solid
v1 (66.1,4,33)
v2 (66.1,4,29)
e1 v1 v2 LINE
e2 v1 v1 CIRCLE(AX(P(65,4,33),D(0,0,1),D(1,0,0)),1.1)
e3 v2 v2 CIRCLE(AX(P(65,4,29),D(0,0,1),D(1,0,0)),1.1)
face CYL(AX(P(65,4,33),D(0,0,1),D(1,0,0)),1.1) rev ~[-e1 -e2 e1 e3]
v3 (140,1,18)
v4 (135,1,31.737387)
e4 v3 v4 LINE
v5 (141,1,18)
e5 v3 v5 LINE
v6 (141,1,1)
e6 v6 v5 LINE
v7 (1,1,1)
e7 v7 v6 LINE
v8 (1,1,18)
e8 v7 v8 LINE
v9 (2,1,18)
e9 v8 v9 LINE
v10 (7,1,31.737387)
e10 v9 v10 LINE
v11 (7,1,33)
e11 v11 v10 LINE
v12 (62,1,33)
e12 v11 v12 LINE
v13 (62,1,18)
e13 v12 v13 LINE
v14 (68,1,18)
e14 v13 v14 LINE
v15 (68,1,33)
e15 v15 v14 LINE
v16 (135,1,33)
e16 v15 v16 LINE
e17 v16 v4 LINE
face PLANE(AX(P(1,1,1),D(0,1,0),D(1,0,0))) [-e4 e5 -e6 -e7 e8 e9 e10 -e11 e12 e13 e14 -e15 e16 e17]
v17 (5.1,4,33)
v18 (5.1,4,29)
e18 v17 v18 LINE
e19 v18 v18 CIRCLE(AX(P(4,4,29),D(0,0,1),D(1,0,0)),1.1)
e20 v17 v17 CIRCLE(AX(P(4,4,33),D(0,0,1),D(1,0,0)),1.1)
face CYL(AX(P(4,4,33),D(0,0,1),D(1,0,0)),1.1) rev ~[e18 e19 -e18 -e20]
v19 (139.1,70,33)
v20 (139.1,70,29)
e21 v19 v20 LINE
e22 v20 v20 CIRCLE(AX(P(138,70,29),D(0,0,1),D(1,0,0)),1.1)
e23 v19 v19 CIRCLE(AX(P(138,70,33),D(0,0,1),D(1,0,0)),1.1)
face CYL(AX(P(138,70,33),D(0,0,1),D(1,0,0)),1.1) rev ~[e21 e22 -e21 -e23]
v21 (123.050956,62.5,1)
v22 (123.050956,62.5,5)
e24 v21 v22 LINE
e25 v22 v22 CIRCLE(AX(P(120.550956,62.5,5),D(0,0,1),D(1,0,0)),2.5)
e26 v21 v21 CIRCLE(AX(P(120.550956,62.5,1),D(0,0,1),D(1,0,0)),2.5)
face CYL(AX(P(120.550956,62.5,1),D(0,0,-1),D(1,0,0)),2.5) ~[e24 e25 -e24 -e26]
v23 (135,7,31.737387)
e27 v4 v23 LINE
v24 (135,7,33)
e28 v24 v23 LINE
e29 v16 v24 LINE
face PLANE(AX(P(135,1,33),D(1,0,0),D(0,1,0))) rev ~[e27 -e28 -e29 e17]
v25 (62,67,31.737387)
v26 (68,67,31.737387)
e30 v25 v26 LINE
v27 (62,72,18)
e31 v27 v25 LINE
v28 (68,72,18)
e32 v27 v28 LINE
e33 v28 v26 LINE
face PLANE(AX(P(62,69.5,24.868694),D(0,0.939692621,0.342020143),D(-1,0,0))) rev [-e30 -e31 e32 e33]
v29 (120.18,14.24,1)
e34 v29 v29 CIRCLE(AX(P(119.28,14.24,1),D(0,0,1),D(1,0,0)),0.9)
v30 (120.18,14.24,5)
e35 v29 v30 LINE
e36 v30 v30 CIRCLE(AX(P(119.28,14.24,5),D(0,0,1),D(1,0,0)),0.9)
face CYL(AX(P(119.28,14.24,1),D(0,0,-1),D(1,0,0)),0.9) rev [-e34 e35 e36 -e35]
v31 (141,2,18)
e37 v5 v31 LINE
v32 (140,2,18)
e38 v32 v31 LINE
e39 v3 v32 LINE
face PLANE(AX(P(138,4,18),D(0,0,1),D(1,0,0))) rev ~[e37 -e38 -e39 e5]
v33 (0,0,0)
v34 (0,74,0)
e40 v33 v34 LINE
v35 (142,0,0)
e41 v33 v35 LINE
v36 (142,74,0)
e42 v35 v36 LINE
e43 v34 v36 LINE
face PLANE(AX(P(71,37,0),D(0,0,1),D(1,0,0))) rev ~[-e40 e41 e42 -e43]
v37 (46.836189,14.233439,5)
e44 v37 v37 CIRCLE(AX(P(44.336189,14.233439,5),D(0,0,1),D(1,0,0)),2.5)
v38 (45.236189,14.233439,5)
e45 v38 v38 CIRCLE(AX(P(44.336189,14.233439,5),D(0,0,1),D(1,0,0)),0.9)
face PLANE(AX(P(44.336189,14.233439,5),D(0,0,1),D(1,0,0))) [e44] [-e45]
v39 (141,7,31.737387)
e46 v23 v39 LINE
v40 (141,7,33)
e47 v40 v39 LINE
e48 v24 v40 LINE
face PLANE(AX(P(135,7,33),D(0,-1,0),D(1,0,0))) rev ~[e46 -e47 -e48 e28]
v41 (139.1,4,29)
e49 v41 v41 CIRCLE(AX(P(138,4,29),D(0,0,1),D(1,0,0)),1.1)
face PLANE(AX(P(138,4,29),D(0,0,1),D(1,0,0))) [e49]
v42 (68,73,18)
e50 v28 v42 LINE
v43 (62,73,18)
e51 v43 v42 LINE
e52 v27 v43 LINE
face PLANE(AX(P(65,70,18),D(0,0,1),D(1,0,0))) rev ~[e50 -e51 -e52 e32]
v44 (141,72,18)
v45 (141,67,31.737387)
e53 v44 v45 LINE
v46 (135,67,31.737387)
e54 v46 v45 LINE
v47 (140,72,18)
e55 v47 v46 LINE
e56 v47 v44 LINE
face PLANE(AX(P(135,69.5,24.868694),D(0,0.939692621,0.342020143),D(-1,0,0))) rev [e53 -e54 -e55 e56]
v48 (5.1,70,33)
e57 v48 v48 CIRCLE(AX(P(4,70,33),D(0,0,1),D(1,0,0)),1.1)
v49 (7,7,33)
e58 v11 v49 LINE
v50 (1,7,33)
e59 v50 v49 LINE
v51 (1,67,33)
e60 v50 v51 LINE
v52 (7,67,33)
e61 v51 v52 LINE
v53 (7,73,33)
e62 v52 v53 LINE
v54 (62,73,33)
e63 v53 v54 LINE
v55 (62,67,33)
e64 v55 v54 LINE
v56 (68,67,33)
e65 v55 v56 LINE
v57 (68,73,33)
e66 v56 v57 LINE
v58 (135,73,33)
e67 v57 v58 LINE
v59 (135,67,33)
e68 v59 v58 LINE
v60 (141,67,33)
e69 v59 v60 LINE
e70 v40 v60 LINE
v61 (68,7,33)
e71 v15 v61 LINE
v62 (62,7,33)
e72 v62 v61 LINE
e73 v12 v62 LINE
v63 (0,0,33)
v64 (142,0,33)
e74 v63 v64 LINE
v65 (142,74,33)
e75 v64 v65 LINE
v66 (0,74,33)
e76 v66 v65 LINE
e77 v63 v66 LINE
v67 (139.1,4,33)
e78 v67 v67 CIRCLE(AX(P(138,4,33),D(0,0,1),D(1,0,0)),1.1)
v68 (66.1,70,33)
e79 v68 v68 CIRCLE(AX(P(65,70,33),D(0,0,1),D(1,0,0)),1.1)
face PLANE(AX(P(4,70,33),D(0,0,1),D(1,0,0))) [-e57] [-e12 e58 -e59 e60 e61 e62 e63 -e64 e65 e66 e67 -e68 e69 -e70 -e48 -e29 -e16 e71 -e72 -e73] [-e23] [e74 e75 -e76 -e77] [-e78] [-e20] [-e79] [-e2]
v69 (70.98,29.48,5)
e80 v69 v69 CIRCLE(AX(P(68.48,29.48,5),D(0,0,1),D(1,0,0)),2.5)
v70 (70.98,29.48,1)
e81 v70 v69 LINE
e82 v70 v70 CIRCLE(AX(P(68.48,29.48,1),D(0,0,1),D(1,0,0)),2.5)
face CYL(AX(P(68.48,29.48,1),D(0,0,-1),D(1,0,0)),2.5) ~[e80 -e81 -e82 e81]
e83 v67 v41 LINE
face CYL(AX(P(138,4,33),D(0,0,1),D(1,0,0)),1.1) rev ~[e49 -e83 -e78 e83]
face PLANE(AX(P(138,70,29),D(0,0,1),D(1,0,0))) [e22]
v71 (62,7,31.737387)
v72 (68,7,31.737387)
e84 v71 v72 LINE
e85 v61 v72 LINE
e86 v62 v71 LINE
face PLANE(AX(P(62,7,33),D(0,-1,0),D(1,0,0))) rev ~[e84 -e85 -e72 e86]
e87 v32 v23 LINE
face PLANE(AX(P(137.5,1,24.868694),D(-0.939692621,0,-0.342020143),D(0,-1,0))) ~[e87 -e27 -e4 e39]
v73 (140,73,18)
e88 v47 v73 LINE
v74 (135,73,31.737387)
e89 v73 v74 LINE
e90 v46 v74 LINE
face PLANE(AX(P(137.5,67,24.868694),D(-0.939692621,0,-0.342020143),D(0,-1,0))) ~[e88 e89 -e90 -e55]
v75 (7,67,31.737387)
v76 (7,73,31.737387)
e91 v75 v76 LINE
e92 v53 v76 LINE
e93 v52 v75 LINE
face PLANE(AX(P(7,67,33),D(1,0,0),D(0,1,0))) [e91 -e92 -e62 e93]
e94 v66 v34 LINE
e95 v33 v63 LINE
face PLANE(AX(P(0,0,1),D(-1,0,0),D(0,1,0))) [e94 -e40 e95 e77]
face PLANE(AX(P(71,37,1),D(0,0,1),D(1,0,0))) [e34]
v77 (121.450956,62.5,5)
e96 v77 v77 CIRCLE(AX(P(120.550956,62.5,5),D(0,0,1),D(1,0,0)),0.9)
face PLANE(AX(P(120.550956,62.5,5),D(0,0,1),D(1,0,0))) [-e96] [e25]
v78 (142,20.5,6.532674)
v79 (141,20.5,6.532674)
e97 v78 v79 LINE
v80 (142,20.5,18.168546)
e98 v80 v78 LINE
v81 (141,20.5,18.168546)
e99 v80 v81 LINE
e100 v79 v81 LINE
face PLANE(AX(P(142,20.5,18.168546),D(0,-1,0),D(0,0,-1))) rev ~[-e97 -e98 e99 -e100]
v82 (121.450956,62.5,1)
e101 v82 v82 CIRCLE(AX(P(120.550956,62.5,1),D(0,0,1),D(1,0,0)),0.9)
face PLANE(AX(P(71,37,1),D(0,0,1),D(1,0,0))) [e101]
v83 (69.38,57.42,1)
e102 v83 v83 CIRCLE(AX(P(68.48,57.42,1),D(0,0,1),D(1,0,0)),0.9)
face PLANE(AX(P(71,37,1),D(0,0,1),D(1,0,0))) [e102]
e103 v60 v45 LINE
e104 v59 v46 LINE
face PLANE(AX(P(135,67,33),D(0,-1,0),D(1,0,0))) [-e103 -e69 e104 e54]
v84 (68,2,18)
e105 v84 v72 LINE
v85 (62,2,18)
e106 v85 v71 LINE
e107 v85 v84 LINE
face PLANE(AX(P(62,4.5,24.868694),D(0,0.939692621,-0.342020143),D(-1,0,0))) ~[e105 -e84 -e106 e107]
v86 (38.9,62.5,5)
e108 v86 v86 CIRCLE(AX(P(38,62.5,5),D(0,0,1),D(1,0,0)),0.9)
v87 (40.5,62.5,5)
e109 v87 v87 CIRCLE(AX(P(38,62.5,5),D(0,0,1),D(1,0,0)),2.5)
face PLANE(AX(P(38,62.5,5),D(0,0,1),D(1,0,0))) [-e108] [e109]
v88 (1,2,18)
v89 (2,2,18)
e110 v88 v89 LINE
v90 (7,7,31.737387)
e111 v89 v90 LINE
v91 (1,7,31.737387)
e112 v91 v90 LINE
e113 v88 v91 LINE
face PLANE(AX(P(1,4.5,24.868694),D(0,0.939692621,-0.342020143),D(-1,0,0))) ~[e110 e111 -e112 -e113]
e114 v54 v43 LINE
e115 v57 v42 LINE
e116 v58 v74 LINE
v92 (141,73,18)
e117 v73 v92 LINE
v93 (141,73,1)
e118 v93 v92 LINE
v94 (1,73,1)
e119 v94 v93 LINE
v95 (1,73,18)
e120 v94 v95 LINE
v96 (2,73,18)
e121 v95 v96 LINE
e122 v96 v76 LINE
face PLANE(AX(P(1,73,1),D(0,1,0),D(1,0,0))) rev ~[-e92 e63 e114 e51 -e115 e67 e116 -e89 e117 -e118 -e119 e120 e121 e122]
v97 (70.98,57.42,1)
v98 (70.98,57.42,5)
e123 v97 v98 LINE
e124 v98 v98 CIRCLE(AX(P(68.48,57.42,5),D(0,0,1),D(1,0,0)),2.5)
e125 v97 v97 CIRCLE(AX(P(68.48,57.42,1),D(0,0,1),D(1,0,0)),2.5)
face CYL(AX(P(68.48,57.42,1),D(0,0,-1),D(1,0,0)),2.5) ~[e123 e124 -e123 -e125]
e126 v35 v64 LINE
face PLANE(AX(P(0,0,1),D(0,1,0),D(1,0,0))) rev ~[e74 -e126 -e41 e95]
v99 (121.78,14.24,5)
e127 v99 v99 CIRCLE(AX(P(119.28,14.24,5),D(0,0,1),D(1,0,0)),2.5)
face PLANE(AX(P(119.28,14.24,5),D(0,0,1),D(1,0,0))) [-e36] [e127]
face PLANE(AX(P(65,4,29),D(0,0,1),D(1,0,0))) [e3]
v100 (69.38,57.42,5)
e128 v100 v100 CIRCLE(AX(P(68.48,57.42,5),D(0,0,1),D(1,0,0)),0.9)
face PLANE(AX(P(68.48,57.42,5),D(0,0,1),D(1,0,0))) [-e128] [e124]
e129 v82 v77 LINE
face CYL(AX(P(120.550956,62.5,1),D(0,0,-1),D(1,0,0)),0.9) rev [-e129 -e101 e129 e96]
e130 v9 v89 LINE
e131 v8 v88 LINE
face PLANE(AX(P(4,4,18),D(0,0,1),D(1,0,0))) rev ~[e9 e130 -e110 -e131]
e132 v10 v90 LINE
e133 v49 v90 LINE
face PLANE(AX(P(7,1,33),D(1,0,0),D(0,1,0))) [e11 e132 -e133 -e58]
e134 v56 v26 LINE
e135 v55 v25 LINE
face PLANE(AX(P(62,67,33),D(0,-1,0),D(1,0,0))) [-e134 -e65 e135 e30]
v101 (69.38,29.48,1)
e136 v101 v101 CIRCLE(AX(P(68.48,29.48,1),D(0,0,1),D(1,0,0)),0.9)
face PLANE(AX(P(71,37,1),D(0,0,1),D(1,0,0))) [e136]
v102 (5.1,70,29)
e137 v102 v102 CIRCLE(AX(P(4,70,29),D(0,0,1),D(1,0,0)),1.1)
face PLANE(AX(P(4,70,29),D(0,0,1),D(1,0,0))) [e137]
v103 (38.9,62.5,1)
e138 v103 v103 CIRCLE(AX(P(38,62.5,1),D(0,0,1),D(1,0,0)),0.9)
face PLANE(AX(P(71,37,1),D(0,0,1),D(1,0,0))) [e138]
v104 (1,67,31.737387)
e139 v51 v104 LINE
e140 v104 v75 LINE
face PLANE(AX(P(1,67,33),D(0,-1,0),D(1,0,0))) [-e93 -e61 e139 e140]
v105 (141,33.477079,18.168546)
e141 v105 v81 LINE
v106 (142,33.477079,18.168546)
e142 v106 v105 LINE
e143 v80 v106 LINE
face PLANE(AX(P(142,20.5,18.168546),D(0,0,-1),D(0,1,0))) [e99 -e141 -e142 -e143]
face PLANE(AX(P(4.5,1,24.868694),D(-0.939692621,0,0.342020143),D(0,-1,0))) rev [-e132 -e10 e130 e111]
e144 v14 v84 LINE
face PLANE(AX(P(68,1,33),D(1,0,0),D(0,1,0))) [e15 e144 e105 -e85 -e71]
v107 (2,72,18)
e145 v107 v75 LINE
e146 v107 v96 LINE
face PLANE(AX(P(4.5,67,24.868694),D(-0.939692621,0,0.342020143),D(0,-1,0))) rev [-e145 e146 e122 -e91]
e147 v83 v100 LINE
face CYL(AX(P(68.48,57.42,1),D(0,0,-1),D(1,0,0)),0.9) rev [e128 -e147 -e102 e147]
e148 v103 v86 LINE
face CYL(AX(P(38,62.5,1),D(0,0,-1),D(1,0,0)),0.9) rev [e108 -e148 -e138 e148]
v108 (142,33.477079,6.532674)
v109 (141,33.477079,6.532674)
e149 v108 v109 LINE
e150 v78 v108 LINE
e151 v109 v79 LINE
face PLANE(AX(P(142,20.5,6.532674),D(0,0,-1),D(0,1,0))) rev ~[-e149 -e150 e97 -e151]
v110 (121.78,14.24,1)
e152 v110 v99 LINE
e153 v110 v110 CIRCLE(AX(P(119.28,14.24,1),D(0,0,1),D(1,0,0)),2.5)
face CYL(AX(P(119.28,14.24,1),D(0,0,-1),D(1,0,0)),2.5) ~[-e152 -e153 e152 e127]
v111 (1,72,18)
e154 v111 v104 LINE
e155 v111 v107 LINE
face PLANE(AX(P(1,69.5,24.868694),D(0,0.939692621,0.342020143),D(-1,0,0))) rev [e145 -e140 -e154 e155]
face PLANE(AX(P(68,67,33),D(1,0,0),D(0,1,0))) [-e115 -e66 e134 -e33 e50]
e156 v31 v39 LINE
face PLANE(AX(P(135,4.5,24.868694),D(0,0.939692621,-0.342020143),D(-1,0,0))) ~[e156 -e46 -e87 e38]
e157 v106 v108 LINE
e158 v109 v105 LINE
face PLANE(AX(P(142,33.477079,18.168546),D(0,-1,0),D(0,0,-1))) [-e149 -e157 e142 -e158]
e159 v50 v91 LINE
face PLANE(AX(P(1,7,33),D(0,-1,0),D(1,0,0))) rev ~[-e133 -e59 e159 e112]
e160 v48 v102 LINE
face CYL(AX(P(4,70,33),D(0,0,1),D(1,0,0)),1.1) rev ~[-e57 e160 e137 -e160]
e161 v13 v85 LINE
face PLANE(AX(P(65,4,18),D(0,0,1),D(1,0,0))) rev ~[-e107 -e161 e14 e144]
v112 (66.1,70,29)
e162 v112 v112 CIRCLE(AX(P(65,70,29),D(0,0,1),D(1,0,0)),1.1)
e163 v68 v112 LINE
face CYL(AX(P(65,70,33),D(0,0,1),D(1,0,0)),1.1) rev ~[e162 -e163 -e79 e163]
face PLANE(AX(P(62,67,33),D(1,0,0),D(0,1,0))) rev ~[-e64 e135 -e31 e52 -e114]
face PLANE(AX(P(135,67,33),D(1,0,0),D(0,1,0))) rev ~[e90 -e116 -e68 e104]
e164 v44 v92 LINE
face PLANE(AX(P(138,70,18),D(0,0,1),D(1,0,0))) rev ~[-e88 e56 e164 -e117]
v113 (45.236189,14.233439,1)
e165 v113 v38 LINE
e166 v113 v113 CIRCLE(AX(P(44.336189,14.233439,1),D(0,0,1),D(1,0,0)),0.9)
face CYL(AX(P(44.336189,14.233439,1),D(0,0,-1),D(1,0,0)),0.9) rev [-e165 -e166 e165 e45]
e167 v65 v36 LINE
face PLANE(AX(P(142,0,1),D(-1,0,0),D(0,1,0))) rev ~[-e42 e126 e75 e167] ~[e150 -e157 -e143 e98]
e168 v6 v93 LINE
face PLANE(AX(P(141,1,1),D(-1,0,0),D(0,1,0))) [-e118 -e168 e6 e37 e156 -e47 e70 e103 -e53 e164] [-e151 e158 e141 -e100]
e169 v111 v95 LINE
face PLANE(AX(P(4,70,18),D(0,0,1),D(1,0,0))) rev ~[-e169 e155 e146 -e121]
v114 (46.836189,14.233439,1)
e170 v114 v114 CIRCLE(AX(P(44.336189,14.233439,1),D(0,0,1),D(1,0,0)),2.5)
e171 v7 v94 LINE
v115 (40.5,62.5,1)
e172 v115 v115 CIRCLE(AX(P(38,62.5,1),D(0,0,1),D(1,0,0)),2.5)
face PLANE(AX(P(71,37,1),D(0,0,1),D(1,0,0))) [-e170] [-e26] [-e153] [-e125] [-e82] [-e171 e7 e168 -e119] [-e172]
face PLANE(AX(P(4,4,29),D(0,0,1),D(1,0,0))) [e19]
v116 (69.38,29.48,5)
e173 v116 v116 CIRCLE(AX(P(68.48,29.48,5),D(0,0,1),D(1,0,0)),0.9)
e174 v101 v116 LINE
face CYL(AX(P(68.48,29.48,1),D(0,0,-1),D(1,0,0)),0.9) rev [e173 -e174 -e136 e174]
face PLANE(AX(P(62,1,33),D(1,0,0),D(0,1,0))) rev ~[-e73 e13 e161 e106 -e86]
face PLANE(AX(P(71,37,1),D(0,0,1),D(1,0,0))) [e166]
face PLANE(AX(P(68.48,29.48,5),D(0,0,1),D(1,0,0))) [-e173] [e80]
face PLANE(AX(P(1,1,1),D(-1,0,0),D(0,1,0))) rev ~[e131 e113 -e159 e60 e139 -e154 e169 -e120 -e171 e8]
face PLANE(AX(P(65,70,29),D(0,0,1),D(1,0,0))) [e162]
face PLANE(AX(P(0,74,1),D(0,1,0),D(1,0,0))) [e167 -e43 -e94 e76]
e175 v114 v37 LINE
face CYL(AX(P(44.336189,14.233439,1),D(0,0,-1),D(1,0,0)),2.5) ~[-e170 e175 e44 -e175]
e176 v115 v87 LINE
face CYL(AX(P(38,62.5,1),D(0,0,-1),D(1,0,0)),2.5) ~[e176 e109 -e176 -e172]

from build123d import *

# Parameters (mm, degrees)
ESQUISSE1_W             = 142
ESQUISSE1_H             = 74
BOSS_EXTRU_1_DEPTH      = 1
ESQUISSE2_W             = 142
ESQUISSE2_H             = 74
ESQUISSE2_W_2           = 140
ESQUISSE2_H_2           = 72
BOSS_EXTRU_2_DEPTH      = 32
ESQUISSE3_W             = 6
ESQUISSE3_H             = 6
BOSS_EXTRU_3_DEPTH      = 15
CHANFREIN1_SIZE         = 5
CHANFREIN1_SIZE2        = 13.737387097
CHANFREIN1_PART_2_SIZE  = 5
CHANFREIN1_PART_2_SIZE2 = 13.737387097
CHANFREIN1_PART_3_SIZE  = 5
CHANFREIN1_PART_3_SIZE2 = 13.737387097
CHANFREIN1_PART_4_SIZE  = 5
CHANFREIN1_PART_4_SIZE2 = 13.737387097
CHANFREIN1_PART_5_SIZE  = 5
CHANFREIN1_PART_5_SIZE2 = 13.737387097
CHANFREIN1_PART_6_SIZE  = 5
CHANFREIN1_PART_6_SIZE2 = 13.737387097
ESQUISSE4_R             = 1.1
ENL_V_MAT_EXTRU_1_DEPTH = 4
ESQUISSE5_R             = 2.5
ESQUISSE5_R_2           = 0.9
BOSS_EXTRU_4_DEPTH      = 4
ESQUISSE6_W             = 11.635872756
ESQUISSE6_H             = 12.977079273
ENL_V_MAT_EXTRU_2_DEPTH = 3


with BuildPart() as part:
    # Esquisse1 → Boss.-Extru.1 (new body)
    with BuildSketch(Plane.XY):
        with Locations((71, 37)):
            Rectangle(ESQUISSE1_W, ESQUISSE1_H)
    extrude(amount=BOSS_EXTRU_1_DEPTH)

    # Esquisse2 → Boss.-Extru.2 (add)
    with BuildSketch(Plane.XY.offset(1)):
        with Locations((71, 37)):
            Rectangle(ESQUISSE2_W, ESQUISSE2_H)
        with Locations((71, 37)):
            Rectangle(ESQUISSE2_W_2, ESQUISSE2_H_2, mode=Mode.SUBTRACT)
    extrude(amount=BOSS_EXTRU_2_DEPTH)

    # Esquisse3 → Boss.-Extru.3 (add)
    with BuildSketch(Plane.XY.offset(33)):
        with Locations((4, 70)):
            Rectangle(ESQUISSE3_W, ESQUISSE3_H)
        with Locations((138, 70)):
            Rectangle(ESQUISSE3_W, ESQUISSE3_H)
        with Locations((138, 4)):
            Rectangle(ESQUISSE3_W, ESQUISSE3_H)
        with Locations((4, 4)):
            Rectangle(ESQUISSE3_W, ESQUISSE3_H)
        with Locations((65, 4)):
            Rectangle(ESQUISSE3_W, ESQUISSE3_H)
        with Locations((65, 70)):
            Rectangle(ESQUISSE3_W, ESQUISSE3_H)
    extrude(amount=-BOSS_EXTRU_3_DEPTH)

    # Chanfrein1
    chanfrein1_edges = [part.edges().sort_by_distance(p)[0] for p in [
        (7, 70, 18),
        (4, 67, 18),
    ]]
    chanfrein1_side = [part.faces().sort_by_distance(p)[0] for p in [
        (4, 70, 18),
    ]]
    chamfer(chanfrein1_edges, length=CHANFREIN1_SIZE, length2=CHANFREIN1_SIZE2, reference=chanfrein1_side[0])

    # Chanfrein1 part 2
    chanfrein1_part_2_edges = [part.edges().sort_by_distance(p)[0] for p in [
        (138, 67, 18),
        (135, 70, 18),
    ]]
    chanfrein1_part_2_side = [part.faces().sort_by_distance(p)[0] for p in [
        (138, 70, 18),
    ]]
    chamfer(chanfrein1_part_2_edges, length=CHANFREIN1_PART_2_SIZE, length2=CHANFREIN1_PART_2_SIZE2, reference=chanfrein1_part_2_side[0])

    # Chanfrein1 part 3
    chanfrein1_part_3_edges = [part.edges().sort_by_distance(p)[0] for p in [
        (135, 4, 18),
        (138, 7, 18),
    ]]
    chanfrein1_part_3_side = [part.faces().sort_by_distance(p)[0] for p in [
        (138, 4, 18),
    ]]
    chamfer(chanfrein1_part_3_edges, length=CHANFREIN1_PART_3_SIZE, length2=CHANFREIN1_PART_3_SIZE2, reference=chanfrein1_part_3_side[0])

    # Chanfrein1 part 4
    chanfrein1_part_4_edges = [part.edges().sort_by_distance(p)[0] for p in [
        (4, 7, 18),
        (7, 4, 18),
    ]]
    chanfrein1_part_4_side = [part.faces().sort_by_distance(p)[0] for p in [
        (4, 4, 18),
    ]]
    chamfer(chanfrein1_part_4_edges, length=CHANFREIN1_PART_4_SIZE, length2=CHANFREIN1_PART_4_SIZE2, reference=chanfrein1_part_4_side[0])

    # Chanfrein1 part 5
    chanfrein1_part_5_edges = [part.edges().sort_by_distance(p)[0] for p in [
        (65, 7, 18),
    ]]
    chanfrein1_part_5_side = [part.faces().sort_by_distance(p)[0] for p in [
        (65, 4, 18),
    ]]
    chamfer(chanfrein1_part_5_edges, length=CHANFREIN1_PART_5_SIZE, length2=CHANFREIN1_PART_5_SIZE2, reference=chanfrein1_part_5_side[0])

    # Chanfrein1 part 6
    chanfrein1_part_6_edges = [part.edges().sort_by_distance(p)[0] for p in [
        (65, 67, 18),
    ]]
    chanfrein1_part_6_side = [part.faces().sort_by_distance(p)[0] for p in [
        (65, 70, 18),
    ]]
    chamfer(chanfrein1_part_6_edges, length=CHANFREIN1_PART_6_SIZE, length2=CHANFREIN1_PART_6_SIZE2, reference=chanfrein1_part_6_side[0])

    # Esquisse4 → Enlèv. mat.-Extru.1 (cut)
    with BuildSketch(Plane.XY.offset(33)):
        with Locations((4, 70)):
            Circle(ESQUISSE4_R)
        with Locations((65, 70)):
            Circle(ESQUISSE4_R)
        with Locations((138, 70)):
            Circle(ESQUISSE4_R)
        with Locations((138, 4)):
            Circle(ESQUISSE4_R)
        with Locations((65, 4)):
            Circle(ESQUISSE4_R)
        with Locations((4, 4)):
            Circle(ESQUISSE4_R)
    extrude(amount=-ENL_V_MAT_EXTRU_1_DEPTH, mode=Mode.SUBTRACT)

    # Esquisse5 → Boss.-Extru.4 (add)
    with BuildSketch(Plane.XY.offset(1)):
        with Locations((38, 62.5)):
            Circle(ESQUISSE5_R)
        with Locations((38, 62.5)):
            Circle(ESQUISSE5_R_2, mode=Mode.SUBTRACT)
        with Locations((68.48, 57.42)):
            Circle(ESQUISSE5_R)
        with Locations((68.48, 57.42)):
            Circle(ESQUISSE5_R_2, mode=Mode.SUBTRACT)
        with Locations((68.48, 29.48)):
            Circle(ESQUISSE5_R)
        with Locations((68.48, 29.48)):
            Circle(ESQUISSE5_R_2, mode=Mode.SUBTRACT)
        with Locations((44.336188826, 14.23343905)):
            Circle(ESQUISSE5_R)
        with Locations((44.336188826, 14.23343905)):
            Circle(ESQUISSE5_R_2, mode=Mode.SUBTRACT)
        with Locations((120.550955535, 62.5)):
            Circle(ESQUISSE5_R)
        with Locations((120.550955535, 62.5)):
            Circle(ESQUISSE5_R_2, mode=Mode.SUBTRACT)
        with Locations((119.28, 14.24)):
            Circle(ESQUISSE5_R)
        with Locations((119.28, 14.24)):
            Circle(ESQUISSE5_R_2, mode=Mode.SUBTRACT)
    extrude(amount=BOSS_EXTRU_4_DEPTH)

    # Esquisse6 → Enlèv. mat.-Extru.2 (cut)
    with BuildSketch(Plane(origin=(142, 0, 0), x_dir=(0, 0, -1), z_dir=(1, 0, 0))):
        with Locations((-12.35060992, 26.988539637)):
            Rectangle(ESQUISSE6_W, ESQUISSE6_H)
    extrude(amount=-ENL_V_MAT_EXTRU_2_DEPTH, mode=Mode.SUBTRACT)


solid = part.part
